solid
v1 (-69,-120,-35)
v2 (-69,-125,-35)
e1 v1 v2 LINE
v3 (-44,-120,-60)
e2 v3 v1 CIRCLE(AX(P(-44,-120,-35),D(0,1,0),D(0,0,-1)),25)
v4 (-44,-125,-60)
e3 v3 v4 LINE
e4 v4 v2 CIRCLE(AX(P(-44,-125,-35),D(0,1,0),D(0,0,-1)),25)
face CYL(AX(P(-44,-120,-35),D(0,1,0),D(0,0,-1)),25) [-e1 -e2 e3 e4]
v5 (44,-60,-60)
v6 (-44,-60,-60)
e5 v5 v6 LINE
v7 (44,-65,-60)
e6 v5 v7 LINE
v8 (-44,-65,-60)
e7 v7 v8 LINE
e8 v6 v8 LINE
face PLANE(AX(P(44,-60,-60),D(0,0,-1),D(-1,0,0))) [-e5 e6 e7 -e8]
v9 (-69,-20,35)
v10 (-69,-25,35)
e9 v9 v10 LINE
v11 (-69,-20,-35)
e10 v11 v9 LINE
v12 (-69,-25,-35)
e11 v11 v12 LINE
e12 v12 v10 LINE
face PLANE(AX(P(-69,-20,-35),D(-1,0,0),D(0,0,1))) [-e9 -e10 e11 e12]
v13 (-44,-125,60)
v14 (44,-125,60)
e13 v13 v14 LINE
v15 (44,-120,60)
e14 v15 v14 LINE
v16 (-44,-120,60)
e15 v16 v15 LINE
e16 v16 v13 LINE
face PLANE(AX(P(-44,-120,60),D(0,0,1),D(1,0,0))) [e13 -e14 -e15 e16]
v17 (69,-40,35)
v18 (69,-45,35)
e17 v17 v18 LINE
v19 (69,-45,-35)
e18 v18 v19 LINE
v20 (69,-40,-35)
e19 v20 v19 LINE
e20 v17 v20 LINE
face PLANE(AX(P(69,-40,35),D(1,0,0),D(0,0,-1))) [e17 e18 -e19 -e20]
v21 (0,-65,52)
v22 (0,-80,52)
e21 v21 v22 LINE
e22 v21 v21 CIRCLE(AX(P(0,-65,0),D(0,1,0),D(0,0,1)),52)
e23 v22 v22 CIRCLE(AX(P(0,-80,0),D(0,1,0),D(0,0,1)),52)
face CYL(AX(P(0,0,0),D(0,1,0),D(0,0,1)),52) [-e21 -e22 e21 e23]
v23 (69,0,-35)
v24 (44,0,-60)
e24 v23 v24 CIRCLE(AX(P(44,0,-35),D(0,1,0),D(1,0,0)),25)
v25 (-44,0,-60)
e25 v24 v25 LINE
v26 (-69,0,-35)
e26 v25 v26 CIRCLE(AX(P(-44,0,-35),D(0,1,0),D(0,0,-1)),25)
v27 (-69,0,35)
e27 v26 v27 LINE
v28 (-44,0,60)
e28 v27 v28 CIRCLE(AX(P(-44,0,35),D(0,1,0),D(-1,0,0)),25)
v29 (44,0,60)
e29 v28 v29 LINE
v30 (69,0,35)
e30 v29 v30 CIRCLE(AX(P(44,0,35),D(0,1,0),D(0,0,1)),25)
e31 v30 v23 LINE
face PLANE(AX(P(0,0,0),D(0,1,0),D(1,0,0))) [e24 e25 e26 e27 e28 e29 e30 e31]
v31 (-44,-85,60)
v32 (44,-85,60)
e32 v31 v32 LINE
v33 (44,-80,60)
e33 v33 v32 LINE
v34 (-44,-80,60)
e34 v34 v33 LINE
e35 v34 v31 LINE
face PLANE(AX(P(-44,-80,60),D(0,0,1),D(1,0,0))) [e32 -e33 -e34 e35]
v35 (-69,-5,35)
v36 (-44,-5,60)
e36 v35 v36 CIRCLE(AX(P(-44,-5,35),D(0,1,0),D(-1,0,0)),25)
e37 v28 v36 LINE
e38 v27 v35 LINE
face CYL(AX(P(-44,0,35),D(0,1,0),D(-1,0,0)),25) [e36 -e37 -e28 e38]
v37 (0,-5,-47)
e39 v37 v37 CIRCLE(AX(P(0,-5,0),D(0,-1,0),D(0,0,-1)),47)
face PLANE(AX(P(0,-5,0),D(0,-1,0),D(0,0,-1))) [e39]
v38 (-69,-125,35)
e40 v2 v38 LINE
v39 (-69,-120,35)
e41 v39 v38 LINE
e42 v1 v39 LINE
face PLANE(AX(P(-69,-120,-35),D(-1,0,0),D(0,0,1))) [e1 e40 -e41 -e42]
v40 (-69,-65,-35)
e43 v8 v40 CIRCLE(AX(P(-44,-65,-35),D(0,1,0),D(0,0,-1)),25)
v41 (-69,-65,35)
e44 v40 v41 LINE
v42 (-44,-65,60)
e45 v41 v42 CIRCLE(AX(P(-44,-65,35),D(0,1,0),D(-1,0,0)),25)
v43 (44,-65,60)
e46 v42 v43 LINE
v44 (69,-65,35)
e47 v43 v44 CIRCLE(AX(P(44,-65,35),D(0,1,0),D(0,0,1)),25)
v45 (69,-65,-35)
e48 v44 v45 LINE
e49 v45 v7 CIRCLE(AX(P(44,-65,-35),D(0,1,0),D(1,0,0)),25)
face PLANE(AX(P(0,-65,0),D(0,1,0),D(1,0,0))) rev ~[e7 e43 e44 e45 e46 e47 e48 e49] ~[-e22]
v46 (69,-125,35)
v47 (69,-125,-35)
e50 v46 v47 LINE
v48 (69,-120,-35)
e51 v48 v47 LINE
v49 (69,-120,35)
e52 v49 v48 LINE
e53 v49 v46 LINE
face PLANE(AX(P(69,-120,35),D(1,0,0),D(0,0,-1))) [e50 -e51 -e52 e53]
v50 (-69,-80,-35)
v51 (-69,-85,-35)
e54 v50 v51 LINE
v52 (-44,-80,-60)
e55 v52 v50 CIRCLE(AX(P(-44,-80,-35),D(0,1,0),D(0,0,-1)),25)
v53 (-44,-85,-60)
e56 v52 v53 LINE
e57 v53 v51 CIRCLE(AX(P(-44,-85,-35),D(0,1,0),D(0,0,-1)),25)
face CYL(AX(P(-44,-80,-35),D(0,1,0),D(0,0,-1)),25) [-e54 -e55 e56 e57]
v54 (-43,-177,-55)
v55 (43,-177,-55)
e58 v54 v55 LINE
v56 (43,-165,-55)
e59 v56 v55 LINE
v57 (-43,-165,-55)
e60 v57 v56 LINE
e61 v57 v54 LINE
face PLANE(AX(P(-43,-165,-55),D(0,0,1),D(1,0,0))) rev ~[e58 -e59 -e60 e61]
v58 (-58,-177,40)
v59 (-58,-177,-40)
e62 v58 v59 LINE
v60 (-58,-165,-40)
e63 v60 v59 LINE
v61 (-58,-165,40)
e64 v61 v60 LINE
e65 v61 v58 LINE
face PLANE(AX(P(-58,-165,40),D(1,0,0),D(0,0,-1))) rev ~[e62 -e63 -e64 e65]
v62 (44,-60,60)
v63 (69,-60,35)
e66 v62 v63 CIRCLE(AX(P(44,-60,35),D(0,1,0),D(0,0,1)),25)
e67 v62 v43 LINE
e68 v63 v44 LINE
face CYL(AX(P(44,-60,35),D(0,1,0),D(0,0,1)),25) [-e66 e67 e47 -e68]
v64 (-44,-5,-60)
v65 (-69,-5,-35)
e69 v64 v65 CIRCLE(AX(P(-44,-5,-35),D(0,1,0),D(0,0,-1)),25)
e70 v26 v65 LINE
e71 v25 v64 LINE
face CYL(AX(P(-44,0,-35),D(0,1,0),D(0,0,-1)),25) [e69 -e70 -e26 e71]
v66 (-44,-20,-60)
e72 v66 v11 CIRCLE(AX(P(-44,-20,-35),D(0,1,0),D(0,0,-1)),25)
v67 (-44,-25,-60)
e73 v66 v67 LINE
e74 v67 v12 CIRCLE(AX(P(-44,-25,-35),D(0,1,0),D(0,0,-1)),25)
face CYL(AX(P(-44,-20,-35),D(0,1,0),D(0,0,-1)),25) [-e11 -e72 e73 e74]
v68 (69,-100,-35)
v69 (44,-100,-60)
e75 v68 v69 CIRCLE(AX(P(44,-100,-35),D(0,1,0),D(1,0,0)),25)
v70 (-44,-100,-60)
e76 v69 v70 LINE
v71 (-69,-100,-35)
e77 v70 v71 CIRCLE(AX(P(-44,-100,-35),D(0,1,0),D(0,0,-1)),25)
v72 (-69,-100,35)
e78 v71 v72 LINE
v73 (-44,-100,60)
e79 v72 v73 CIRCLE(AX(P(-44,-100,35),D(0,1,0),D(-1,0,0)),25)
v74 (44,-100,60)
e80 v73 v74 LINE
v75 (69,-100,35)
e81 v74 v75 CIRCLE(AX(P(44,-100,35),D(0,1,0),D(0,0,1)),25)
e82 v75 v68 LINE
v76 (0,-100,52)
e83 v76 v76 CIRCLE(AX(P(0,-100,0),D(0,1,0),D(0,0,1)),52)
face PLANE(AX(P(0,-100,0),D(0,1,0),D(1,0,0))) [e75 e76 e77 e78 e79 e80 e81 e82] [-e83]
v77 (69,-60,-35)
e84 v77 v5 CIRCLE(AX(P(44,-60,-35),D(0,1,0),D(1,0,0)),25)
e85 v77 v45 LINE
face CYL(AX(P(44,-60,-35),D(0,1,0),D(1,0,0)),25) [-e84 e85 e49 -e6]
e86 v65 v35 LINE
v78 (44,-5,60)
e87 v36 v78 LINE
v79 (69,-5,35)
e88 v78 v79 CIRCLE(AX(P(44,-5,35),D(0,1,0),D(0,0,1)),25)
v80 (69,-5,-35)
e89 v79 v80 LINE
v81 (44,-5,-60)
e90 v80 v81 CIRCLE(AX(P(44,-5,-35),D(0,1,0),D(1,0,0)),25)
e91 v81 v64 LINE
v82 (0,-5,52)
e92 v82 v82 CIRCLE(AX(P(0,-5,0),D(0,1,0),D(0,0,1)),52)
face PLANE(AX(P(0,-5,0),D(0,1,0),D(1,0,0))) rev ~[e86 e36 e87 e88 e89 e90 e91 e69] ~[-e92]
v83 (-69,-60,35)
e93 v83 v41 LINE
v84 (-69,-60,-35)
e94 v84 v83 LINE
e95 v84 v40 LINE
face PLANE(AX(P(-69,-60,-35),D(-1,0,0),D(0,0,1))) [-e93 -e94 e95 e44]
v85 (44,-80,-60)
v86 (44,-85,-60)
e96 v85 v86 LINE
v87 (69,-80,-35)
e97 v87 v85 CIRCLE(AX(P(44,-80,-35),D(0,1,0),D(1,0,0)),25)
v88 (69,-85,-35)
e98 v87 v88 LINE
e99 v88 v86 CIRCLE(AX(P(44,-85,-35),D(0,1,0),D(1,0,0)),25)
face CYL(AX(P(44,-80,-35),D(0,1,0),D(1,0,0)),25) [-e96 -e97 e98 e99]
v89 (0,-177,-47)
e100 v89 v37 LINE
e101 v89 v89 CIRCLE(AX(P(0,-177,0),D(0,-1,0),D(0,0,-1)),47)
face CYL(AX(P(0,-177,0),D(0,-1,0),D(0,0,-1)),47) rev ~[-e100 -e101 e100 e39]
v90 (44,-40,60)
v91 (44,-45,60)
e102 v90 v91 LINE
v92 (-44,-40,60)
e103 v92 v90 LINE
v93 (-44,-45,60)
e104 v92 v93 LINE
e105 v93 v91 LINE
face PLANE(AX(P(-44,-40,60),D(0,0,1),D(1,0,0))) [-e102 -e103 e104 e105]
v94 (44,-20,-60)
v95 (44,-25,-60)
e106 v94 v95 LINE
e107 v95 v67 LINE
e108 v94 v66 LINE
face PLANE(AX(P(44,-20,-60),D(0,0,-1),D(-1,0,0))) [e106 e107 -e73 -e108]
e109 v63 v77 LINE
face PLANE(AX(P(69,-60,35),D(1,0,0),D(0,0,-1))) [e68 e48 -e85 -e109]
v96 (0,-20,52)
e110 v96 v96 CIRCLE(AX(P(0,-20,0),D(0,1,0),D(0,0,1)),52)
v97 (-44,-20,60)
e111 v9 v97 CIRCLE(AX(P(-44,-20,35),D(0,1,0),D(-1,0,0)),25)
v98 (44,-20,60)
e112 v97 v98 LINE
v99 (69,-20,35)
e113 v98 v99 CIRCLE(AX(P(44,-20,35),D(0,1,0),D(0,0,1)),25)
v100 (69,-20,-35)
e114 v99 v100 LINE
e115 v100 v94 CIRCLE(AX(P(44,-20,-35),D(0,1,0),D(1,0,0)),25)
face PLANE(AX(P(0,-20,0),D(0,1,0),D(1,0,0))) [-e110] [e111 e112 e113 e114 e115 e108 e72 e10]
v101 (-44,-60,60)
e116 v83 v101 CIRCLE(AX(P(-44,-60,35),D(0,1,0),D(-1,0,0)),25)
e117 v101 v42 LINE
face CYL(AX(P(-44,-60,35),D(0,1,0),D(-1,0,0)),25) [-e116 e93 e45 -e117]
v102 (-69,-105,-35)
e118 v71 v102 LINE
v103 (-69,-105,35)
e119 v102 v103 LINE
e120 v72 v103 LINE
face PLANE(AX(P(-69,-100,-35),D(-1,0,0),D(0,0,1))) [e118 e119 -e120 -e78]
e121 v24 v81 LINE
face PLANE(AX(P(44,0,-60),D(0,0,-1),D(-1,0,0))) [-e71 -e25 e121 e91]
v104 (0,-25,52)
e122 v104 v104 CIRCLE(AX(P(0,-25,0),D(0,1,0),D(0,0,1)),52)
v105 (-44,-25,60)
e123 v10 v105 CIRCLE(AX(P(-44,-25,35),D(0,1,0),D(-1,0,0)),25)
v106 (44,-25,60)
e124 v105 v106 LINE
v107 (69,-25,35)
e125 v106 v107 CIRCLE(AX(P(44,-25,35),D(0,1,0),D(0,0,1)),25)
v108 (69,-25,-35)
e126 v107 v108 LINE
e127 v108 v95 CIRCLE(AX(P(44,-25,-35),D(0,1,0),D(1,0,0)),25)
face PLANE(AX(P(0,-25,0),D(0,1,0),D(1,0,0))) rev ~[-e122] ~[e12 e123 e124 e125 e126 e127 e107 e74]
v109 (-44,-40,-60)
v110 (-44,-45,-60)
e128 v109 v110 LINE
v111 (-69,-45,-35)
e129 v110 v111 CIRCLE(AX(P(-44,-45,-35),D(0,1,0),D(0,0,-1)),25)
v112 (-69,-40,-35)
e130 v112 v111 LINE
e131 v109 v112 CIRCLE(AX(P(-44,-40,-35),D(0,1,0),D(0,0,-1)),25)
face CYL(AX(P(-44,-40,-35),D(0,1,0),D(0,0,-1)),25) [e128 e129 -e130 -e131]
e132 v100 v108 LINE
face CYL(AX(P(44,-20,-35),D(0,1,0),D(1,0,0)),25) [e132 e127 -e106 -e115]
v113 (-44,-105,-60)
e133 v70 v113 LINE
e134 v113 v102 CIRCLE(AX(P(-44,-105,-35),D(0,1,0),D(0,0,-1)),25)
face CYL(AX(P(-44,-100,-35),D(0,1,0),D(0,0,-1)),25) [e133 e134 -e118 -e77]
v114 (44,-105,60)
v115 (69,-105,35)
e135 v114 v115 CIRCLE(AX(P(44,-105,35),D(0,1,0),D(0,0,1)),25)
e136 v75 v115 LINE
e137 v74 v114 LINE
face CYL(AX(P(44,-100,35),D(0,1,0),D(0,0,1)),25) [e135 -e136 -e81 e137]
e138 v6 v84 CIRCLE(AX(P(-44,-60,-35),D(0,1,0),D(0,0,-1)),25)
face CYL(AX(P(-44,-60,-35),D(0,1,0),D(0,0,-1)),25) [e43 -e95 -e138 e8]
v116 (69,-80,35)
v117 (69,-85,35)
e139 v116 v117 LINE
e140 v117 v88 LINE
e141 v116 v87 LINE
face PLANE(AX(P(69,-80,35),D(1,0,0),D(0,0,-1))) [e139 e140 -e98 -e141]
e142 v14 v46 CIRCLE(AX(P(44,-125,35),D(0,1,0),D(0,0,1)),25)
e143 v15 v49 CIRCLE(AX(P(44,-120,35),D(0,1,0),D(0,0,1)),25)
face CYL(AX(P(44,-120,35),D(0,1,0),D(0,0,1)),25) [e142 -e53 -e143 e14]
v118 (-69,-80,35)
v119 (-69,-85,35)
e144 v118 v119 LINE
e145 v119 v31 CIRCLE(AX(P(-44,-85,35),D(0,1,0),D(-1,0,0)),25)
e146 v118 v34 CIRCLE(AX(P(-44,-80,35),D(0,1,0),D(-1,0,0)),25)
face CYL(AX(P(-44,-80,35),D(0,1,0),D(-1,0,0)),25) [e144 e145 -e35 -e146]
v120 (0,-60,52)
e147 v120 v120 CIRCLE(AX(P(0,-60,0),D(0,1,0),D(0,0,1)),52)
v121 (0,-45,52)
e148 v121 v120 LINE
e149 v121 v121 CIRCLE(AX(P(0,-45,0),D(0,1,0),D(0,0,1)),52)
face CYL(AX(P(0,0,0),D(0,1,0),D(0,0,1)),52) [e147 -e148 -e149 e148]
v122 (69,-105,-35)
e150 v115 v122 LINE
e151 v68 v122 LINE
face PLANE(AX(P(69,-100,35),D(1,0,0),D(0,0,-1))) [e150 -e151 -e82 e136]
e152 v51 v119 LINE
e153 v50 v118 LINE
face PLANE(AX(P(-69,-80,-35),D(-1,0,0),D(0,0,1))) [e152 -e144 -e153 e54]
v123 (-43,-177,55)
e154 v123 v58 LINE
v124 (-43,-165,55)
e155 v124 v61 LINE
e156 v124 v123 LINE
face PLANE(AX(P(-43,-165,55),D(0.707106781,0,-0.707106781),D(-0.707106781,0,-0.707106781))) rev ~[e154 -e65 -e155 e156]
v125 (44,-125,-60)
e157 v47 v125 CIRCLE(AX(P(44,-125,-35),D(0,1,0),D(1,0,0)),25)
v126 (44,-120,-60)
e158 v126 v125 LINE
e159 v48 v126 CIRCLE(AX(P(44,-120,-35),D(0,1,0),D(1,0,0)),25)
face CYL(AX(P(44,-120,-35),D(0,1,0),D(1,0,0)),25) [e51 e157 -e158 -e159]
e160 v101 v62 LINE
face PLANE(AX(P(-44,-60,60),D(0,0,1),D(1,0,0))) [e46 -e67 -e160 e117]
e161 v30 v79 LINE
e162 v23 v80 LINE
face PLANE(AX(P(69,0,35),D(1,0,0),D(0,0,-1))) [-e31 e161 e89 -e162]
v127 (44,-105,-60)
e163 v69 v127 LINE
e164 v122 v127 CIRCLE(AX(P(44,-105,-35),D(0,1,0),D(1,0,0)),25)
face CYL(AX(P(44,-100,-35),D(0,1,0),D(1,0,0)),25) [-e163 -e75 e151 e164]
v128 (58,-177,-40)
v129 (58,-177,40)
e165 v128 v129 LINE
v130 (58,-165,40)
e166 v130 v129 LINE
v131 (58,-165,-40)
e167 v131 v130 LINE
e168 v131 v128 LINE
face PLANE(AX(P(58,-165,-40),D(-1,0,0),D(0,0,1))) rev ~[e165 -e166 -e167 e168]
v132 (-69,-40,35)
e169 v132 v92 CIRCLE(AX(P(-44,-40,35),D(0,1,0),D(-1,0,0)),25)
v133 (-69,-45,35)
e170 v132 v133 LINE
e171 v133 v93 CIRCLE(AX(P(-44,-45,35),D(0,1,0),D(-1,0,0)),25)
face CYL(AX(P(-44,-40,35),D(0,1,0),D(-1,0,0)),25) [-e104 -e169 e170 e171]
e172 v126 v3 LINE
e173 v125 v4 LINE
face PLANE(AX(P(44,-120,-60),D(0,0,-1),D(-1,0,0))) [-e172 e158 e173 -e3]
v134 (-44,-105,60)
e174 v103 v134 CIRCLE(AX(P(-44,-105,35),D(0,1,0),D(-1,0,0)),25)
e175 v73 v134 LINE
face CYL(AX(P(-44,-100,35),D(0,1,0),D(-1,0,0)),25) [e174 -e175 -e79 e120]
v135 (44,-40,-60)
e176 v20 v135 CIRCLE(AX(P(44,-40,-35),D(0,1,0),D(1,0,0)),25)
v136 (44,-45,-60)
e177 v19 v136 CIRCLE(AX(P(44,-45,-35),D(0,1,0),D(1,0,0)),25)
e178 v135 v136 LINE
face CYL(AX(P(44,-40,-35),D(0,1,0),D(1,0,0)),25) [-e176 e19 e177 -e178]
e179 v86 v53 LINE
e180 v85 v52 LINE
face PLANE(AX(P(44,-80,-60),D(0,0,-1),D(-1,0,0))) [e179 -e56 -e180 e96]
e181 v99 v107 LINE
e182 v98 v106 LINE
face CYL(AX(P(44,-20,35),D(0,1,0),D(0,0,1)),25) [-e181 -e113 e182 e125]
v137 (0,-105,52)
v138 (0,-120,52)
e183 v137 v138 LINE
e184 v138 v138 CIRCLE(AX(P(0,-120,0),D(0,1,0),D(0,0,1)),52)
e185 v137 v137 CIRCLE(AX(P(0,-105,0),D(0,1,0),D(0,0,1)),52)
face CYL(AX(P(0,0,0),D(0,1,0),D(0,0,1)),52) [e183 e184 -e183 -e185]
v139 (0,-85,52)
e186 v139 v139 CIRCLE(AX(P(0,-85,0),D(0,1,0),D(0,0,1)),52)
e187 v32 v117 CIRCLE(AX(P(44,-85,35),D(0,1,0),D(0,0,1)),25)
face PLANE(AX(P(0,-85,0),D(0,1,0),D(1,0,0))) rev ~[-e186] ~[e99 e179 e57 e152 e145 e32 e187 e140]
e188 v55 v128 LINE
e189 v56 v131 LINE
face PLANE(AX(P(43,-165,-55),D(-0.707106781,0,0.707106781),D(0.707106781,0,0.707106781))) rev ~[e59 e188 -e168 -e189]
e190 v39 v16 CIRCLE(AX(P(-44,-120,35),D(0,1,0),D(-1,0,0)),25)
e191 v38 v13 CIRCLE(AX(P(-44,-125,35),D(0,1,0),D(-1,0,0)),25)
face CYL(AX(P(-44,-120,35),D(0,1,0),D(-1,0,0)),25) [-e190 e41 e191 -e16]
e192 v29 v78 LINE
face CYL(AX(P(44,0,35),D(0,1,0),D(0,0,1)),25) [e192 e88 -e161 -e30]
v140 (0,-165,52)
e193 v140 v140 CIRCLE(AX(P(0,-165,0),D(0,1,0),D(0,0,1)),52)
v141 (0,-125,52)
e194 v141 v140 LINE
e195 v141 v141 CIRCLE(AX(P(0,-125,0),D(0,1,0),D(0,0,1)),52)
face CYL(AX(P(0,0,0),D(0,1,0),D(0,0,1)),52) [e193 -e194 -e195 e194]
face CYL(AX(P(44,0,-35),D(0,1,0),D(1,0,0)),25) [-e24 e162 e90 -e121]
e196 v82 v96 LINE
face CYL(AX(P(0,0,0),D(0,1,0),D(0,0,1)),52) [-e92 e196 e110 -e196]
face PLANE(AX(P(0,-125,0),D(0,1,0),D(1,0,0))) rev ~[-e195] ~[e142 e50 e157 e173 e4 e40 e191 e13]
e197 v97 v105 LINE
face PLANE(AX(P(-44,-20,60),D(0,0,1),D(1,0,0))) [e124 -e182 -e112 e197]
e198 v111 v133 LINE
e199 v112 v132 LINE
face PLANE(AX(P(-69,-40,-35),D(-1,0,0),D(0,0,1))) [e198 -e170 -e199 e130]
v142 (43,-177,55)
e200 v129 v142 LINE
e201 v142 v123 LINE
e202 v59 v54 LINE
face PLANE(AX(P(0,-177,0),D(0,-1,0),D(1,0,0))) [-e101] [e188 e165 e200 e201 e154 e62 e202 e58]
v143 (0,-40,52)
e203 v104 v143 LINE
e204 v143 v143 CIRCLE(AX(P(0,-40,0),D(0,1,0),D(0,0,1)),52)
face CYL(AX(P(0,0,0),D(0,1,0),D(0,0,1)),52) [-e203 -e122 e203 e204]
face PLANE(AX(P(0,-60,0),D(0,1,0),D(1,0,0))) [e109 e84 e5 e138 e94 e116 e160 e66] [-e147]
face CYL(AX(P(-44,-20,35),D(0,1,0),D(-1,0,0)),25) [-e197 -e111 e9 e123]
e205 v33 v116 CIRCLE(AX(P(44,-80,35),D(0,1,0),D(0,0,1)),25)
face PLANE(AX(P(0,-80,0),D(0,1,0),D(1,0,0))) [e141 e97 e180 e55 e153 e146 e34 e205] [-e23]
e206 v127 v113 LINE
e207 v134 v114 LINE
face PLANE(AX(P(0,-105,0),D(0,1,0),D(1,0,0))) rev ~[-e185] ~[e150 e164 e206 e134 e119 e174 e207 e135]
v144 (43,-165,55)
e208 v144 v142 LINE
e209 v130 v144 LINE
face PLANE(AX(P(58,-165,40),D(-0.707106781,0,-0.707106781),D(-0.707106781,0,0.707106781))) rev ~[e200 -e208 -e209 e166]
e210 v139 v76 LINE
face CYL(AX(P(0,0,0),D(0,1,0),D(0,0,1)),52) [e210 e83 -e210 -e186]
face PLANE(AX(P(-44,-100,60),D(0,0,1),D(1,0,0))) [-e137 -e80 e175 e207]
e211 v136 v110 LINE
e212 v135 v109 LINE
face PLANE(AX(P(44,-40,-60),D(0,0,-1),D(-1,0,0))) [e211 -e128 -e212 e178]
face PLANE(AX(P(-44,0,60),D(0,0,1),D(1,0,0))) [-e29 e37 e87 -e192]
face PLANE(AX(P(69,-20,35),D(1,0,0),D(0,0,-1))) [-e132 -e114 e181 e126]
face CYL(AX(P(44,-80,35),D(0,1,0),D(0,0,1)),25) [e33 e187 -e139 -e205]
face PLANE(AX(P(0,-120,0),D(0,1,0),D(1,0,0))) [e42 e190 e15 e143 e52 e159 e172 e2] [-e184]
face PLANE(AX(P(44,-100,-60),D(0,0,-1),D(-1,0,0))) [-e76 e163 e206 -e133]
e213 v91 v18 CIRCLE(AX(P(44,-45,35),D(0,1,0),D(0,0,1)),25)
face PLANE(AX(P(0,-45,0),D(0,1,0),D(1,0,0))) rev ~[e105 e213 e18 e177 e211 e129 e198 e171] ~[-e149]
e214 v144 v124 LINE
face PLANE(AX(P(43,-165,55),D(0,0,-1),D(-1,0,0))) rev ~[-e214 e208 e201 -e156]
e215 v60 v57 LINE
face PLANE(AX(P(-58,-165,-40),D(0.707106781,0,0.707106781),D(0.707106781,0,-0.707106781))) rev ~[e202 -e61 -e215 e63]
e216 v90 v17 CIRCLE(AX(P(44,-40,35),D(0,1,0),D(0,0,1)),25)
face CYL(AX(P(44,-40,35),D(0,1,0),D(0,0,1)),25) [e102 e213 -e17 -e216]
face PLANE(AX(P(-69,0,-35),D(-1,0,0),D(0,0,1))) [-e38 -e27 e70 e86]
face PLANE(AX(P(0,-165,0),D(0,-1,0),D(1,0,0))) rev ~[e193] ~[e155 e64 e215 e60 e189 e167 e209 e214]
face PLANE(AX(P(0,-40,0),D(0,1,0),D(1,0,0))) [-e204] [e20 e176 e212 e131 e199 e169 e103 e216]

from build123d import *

# Parameters (mm, degrees)
SKETCH1_R           = 52
BOSS_EXTRUDE1_DEPTH = 165
BOSS_EXTRUDE2_DEPTH = 5
LPATTERN1_COUNT     = 7
LPATTERN1_PITCH     = 20
BOSS_EXTRUDE3_DEPTH = 12
SKETCH4_R           = 47
CUT_EXTRUDE1_DEPTH  = 172


with BuildPart() as part:
    # Sketch1 → Boss-Extrude1 (new body)
    with BuildSketch(Plane(origin=(0, 0, 0), x_dir=(1, 0, 0), z_dir=(0, 1, 0))):
        with Locations(Location((0, 0, 0), (0, 0, 270))):
            Circle(SKETCH1_R)
    extrude(amount=-BOSS_EXTRUDE1_DEPTH)

    # Sketch2 → Boss-Extrude2 (add)
    with BuildSketch(Plane(origin=(0, 0, 0), x_dir=(1, 0, 0), z_dir=(0, 1, 0))):
        with BuildLine():
            Line((-44, -60), (44, -60))
            ThreePointArc((44, -60), (61.67766953, -52.67766953), (69, -35))
            Line((69, -35), (69, 35))
            ThreePointArc((69, 35), (61.67766953, 52.67766953), (44, 60))
            Line((44, 60), (-44, 60))
            ThreePointArc((-44, 60), (-61.67766953, 52.67766953), (-69, 35))
            Line((-69, 35), (-69, -35))
            ThreePointArc((-69, -35), (-61.67766953, -52.67766953), (-44, -60))
        make_face()
    boss_extrude2 = extrude(amount=-BOSS_EXTRUDE2_DEPTH)

    # LPattern1: Boss-Extrude2 ×7
    with Locations(*[(0, -i * LPATTERN1_PITCH, 0) for i in range(1, LPATTERN1_COUNT)]):
        add(boss_extrude2)

    # Sketch3 → Boss-Extrude3 (add)
    with BuildSketch(Plane.XZ.offset(165)):
        Polygon((-43, 55), (-58, 40), (-58, -40), (-43, -55), (43, -55), (58, -40), (58, 40), (43, 55), align=None)
    extrude(amount=BOSS_EXTRUDE3_DEPTH)

    # Sketch4 → Cut-Extrude1 (cut)
    with BuildSketch(Plane.XZ.offset(177)):
        with Locations(Location((0, 0, 0), (0, 0, 270))):
            Circle(SKETCH4_R)
    extrude(amount=-CUT_EXTRUDE1_DEPTH, mode=Mode.SUBTRACT)


solid = part.part
